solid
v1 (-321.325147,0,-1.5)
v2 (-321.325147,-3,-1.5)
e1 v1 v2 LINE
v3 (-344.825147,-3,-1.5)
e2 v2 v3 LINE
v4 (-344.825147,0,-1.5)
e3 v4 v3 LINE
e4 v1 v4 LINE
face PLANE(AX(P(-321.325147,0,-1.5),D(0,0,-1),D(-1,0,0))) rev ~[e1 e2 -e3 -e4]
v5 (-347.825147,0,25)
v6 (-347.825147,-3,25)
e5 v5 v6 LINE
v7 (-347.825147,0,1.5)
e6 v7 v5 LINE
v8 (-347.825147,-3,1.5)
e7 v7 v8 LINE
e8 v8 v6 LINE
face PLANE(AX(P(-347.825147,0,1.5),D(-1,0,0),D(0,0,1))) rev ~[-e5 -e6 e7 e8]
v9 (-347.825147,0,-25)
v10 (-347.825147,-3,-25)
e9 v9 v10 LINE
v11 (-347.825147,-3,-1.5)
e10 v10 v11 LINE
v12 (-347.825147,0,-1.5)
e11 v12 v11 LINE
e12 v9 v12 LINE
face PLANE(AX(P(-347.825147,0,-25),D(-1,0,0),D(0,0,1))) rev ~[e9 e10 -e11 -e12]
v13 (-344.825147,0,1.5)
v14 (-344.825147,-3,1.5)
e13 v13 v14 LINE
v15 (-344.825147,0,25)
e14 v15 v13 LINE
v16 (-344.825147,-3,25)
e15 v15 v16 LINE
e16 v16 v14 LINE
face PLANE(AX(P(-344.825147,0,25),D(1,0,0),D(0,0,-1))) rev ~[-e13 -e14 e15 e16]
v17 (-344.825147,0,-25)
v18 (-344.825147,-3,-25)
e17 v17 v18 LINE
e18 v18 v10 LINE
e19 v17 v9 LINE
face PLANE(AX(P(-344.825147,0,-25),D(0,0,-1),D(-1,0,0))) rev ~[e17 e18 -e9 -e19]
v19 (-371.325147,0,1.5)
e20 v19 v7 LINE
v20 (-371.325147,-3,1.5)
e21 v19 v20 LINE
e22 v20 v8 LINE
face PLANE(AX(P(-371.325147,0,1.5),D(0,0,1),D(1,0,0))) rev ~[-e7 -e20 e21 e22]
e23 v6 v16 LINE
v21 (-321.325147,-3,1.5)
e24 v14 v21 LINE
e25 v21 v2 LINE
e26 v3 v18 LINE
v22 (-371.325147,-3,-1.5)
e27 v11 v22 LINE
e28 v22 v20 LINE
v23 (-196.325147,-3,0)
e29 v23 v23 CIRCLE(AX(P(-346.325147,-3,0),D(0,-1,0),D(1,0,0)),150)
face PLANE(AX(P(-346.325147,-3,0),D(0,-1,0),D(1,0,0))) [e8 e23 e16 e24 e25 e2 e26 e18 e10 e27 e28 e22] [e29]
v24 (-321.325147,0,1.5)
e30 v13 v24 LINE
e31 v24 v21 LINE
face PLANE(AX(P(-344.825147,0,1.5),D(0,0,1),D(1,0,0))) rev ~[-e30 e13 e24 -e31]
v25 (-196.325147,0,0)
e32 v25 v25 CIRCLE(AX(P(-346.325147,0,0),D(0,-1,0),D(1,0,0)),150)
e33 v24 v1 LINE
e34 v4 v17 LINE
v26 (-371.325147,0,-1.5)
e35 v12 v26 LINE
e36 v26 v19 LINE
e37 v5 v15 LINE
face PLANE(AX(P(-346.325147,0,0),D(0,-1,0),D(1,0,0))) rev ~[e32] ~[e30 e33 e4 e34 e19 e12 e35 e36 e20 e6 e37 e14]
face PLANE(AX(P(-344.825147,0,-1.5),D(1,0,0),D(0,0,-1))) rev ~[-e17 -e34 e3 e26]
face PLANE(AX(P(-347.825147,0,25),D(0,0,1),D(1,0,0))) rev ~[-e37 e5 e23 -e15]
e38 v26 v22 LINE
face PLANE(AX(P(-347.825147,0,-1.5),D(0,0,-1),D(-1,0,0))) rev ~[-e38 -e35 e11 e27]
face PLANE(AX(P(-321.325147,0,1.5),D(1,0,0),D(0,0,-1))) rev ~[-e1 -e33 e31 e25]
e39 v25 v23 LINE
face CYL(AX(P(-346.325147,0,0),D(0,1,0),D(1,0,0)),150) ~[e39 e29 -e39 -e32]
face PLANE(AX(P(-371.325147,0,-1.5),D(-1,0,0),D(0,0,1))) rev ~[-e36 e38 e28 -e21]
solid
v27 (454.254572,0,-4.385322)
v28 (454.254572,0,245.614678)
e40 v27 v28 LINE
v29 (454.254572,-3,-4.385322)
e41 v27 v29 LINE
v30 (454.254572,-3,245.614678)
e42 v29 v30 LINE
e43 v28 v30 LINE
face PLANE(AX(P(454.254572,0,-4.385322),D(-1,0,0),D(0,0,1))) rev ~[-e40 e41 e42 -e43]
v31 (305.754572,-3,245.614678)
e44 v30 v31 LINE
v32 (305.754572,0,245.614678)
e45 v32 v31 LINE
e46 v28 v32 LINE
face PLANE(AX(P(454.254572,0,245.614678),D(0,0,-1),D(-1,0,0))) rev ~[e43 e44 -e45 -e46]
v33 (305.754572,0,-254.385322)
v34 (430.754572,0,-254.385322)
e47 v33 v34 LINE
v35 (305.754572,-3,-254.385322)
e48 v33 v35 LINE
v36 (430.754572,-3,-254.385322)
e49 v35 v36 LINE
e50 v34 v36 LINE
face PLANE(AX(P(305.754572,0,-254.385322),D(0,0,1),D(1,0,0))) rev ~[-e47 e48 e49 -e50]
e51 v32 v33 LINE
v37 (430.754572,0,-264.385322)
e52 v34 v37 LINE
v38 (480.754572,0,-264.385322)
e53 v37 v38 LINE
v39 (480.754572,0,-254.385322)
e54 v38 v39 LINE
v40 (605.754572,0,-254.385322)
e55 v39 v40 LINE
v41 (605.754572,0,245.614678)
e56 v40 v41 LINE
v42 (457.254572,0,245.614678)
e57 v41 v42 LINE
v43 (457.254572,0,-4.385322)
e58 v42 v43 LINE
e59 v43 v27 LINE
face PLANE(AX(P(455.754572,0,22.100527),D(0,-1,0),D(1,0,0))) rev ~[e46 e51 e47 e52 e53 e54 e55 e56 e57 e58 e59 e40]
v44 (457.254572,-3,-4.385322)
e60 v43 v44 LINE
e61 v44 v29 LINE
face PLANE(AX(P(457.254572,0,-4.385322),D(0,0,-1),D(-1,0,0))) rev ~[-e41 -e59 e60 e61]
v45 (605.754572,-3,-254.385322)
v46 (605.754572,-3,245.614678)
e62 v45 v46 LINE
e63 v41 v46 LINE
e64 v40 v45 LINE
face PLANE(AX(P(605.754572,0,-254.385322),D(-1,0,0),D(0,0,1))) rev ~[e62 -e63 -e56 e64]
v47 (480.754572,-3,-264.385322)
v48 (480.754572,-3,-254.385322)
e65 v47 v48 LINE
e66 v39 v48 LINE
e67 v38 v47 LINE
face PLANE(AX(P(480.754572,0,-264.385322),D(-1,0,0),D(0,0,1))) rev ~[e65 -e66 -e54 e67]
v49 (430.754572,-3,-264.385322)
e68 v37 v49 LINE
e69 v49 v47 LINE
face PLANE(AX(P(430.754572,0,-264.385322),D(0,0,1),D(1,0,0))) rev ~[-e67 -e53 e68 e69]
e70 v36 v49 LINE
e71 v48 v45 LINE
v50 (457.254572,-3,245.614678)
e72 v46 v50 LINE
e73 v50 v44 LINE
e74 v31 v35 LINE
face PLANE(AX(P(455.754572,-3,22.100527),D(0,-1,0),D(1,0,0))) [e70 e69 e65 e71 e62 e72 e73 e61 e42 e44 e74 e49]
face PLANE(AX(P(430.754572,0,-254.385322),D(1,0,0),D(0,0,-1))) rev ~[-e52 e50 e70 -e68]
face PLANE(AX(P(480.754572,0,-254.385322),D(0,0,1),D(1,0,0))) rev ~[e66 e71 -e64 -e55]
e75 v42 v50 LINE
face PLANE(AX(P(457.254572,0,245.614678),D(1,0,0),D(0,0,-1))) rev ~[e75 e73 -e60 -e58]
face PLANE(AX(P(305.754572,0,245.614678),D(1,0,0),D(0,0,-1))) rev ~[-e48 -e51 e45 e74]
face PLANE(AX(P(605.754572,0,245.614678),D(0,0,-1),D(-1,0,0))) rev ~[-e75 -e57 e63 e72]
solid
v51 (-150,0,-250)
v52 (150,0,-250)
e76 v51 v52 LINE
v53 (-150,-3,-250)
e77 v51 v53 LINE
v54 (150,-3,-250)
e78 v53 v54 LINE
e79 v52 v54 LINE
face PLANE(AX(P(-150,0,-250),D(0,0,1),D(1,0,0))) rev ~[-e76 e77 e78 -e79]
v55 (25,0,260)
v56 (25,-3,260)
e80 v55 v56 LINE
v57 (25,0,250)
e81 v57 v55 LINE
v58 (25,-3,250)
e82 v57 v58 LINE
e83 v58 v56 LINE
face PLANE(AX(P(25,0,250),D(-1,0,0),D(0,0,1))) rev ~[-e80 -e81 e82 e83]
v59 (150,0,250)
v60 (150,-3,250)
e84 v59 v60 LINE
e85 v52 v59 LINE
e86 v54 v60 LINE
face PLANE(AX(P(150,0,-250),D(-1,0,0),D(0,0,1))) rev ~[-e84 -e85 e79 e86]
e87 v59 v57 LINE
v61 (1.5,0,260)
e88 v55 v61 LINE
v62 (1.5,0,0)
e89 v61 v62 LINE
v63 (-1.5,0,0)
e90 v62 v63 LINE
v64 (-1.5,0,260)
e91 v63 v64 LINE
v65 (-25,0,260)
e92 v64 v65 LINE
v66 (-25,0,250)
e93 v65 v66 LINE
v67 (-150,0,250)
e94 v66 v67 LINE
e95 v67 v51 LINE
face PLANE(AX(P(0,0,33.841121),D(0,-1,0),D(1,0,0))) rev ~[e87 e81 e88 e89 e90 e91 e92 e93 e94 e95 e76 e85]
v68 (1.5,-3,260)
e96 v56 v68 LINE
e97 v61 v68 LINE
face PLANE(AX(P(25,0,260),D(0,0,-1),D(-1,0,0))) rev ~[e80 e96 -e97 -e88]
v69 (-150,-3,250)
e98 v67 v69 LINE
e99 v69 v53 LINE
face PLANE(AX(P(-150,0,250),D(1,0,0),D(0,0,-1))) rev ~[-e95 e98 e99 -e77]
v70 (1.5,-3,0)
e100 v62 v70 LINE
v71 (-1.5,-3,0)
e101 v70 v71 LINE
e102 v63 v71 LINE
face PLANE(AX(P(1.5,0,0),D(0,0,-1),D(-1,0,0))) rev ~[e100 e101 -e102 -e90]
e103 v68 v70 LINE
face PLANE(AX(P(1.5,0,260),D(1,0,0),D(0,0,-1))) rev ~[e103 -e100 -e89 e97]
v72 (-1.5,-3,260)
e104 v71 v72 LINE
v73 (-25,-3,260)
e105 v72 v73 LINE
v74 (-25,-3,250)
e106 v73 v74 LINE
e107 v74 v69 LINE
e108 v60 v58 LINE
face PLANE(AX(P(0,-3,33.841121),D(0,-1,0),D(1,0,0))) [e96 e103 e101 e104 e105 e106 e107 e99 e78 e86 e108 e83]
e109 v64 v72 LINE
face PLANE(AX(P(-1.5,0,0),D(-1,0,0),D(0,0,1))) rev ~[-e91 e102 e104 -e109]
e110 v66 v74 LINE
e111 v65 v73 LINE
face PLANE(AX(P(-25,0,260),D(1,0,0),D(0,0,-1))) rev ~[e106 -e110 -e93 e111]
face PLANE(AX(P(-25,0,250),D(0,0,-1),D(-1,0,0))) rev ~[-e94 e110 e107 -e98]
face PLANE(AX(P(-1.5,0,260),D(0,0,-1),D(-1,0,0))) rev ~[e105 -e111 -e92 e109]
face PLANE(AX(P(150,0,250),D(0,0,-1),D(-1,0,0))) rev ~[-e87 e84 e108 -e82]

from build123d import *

# Parameters (mm, degrees)
F1_DEPTH = 3
F2_R     = 150
F3_DEPTH = 3


with BuildPart() as f1:
    # F0 (on Front) → F1 (new body)
    with BuildSketch(Plane.XZ):
        Polygon((-150, 250), (-150, -250), (150, -250), (150, 250), (25, 250), (25, 260), (1.5, 260), (1.5, 250), (1.5, 0), (-1.5, 0), (-1.5, 250), (-1.5, 260), (-25, 260), (-25, 250), align=None)
        Polygon((305.754572, 245.614678), (305.754572, -254.385322), (430.754572, -254.385322), (430.754572, -264.385322), (454.254572, -264.385322), (457.254572, -264.385322), (480.754572, -264.385322), (480.754572, -254.385322), (605.754572, -254.385322), (605.754572, 245.614678), (480.754572, 245.614678), (457.254572, 245.614678), (457.254572, -4.385322), (454.254572, -4.385322), (454.254572, 245.614678), (430.754572, 245.614678), align=None)
    extrude(amount=F1_DEPTH)


with BuildPart() as f3:
    # F2 (on Front) → F3 (new body)
    with BuildSketch(Plane.XZ):
        with Locations((-346.325147, 0)):
            Circle(F2_R)
        Polygon((-347.825147, -1.5), (-371.325147, -1.5), (-371.325147, 1.5), (-347.825147, 1.5), (-347.825147, 25), (-344.825147, 25), (-344.825147, 1.5), (-321.325147, 1.5), (-321.325147, -1.5), (-344.825147, -1.5), (-344.825147, -25), (-347.825147, -25), align=None, mode=Mode.SUBTRACT)
    extrude(amount=F3_DEPTH)


solid = Compound([f1.part, f3.part])
